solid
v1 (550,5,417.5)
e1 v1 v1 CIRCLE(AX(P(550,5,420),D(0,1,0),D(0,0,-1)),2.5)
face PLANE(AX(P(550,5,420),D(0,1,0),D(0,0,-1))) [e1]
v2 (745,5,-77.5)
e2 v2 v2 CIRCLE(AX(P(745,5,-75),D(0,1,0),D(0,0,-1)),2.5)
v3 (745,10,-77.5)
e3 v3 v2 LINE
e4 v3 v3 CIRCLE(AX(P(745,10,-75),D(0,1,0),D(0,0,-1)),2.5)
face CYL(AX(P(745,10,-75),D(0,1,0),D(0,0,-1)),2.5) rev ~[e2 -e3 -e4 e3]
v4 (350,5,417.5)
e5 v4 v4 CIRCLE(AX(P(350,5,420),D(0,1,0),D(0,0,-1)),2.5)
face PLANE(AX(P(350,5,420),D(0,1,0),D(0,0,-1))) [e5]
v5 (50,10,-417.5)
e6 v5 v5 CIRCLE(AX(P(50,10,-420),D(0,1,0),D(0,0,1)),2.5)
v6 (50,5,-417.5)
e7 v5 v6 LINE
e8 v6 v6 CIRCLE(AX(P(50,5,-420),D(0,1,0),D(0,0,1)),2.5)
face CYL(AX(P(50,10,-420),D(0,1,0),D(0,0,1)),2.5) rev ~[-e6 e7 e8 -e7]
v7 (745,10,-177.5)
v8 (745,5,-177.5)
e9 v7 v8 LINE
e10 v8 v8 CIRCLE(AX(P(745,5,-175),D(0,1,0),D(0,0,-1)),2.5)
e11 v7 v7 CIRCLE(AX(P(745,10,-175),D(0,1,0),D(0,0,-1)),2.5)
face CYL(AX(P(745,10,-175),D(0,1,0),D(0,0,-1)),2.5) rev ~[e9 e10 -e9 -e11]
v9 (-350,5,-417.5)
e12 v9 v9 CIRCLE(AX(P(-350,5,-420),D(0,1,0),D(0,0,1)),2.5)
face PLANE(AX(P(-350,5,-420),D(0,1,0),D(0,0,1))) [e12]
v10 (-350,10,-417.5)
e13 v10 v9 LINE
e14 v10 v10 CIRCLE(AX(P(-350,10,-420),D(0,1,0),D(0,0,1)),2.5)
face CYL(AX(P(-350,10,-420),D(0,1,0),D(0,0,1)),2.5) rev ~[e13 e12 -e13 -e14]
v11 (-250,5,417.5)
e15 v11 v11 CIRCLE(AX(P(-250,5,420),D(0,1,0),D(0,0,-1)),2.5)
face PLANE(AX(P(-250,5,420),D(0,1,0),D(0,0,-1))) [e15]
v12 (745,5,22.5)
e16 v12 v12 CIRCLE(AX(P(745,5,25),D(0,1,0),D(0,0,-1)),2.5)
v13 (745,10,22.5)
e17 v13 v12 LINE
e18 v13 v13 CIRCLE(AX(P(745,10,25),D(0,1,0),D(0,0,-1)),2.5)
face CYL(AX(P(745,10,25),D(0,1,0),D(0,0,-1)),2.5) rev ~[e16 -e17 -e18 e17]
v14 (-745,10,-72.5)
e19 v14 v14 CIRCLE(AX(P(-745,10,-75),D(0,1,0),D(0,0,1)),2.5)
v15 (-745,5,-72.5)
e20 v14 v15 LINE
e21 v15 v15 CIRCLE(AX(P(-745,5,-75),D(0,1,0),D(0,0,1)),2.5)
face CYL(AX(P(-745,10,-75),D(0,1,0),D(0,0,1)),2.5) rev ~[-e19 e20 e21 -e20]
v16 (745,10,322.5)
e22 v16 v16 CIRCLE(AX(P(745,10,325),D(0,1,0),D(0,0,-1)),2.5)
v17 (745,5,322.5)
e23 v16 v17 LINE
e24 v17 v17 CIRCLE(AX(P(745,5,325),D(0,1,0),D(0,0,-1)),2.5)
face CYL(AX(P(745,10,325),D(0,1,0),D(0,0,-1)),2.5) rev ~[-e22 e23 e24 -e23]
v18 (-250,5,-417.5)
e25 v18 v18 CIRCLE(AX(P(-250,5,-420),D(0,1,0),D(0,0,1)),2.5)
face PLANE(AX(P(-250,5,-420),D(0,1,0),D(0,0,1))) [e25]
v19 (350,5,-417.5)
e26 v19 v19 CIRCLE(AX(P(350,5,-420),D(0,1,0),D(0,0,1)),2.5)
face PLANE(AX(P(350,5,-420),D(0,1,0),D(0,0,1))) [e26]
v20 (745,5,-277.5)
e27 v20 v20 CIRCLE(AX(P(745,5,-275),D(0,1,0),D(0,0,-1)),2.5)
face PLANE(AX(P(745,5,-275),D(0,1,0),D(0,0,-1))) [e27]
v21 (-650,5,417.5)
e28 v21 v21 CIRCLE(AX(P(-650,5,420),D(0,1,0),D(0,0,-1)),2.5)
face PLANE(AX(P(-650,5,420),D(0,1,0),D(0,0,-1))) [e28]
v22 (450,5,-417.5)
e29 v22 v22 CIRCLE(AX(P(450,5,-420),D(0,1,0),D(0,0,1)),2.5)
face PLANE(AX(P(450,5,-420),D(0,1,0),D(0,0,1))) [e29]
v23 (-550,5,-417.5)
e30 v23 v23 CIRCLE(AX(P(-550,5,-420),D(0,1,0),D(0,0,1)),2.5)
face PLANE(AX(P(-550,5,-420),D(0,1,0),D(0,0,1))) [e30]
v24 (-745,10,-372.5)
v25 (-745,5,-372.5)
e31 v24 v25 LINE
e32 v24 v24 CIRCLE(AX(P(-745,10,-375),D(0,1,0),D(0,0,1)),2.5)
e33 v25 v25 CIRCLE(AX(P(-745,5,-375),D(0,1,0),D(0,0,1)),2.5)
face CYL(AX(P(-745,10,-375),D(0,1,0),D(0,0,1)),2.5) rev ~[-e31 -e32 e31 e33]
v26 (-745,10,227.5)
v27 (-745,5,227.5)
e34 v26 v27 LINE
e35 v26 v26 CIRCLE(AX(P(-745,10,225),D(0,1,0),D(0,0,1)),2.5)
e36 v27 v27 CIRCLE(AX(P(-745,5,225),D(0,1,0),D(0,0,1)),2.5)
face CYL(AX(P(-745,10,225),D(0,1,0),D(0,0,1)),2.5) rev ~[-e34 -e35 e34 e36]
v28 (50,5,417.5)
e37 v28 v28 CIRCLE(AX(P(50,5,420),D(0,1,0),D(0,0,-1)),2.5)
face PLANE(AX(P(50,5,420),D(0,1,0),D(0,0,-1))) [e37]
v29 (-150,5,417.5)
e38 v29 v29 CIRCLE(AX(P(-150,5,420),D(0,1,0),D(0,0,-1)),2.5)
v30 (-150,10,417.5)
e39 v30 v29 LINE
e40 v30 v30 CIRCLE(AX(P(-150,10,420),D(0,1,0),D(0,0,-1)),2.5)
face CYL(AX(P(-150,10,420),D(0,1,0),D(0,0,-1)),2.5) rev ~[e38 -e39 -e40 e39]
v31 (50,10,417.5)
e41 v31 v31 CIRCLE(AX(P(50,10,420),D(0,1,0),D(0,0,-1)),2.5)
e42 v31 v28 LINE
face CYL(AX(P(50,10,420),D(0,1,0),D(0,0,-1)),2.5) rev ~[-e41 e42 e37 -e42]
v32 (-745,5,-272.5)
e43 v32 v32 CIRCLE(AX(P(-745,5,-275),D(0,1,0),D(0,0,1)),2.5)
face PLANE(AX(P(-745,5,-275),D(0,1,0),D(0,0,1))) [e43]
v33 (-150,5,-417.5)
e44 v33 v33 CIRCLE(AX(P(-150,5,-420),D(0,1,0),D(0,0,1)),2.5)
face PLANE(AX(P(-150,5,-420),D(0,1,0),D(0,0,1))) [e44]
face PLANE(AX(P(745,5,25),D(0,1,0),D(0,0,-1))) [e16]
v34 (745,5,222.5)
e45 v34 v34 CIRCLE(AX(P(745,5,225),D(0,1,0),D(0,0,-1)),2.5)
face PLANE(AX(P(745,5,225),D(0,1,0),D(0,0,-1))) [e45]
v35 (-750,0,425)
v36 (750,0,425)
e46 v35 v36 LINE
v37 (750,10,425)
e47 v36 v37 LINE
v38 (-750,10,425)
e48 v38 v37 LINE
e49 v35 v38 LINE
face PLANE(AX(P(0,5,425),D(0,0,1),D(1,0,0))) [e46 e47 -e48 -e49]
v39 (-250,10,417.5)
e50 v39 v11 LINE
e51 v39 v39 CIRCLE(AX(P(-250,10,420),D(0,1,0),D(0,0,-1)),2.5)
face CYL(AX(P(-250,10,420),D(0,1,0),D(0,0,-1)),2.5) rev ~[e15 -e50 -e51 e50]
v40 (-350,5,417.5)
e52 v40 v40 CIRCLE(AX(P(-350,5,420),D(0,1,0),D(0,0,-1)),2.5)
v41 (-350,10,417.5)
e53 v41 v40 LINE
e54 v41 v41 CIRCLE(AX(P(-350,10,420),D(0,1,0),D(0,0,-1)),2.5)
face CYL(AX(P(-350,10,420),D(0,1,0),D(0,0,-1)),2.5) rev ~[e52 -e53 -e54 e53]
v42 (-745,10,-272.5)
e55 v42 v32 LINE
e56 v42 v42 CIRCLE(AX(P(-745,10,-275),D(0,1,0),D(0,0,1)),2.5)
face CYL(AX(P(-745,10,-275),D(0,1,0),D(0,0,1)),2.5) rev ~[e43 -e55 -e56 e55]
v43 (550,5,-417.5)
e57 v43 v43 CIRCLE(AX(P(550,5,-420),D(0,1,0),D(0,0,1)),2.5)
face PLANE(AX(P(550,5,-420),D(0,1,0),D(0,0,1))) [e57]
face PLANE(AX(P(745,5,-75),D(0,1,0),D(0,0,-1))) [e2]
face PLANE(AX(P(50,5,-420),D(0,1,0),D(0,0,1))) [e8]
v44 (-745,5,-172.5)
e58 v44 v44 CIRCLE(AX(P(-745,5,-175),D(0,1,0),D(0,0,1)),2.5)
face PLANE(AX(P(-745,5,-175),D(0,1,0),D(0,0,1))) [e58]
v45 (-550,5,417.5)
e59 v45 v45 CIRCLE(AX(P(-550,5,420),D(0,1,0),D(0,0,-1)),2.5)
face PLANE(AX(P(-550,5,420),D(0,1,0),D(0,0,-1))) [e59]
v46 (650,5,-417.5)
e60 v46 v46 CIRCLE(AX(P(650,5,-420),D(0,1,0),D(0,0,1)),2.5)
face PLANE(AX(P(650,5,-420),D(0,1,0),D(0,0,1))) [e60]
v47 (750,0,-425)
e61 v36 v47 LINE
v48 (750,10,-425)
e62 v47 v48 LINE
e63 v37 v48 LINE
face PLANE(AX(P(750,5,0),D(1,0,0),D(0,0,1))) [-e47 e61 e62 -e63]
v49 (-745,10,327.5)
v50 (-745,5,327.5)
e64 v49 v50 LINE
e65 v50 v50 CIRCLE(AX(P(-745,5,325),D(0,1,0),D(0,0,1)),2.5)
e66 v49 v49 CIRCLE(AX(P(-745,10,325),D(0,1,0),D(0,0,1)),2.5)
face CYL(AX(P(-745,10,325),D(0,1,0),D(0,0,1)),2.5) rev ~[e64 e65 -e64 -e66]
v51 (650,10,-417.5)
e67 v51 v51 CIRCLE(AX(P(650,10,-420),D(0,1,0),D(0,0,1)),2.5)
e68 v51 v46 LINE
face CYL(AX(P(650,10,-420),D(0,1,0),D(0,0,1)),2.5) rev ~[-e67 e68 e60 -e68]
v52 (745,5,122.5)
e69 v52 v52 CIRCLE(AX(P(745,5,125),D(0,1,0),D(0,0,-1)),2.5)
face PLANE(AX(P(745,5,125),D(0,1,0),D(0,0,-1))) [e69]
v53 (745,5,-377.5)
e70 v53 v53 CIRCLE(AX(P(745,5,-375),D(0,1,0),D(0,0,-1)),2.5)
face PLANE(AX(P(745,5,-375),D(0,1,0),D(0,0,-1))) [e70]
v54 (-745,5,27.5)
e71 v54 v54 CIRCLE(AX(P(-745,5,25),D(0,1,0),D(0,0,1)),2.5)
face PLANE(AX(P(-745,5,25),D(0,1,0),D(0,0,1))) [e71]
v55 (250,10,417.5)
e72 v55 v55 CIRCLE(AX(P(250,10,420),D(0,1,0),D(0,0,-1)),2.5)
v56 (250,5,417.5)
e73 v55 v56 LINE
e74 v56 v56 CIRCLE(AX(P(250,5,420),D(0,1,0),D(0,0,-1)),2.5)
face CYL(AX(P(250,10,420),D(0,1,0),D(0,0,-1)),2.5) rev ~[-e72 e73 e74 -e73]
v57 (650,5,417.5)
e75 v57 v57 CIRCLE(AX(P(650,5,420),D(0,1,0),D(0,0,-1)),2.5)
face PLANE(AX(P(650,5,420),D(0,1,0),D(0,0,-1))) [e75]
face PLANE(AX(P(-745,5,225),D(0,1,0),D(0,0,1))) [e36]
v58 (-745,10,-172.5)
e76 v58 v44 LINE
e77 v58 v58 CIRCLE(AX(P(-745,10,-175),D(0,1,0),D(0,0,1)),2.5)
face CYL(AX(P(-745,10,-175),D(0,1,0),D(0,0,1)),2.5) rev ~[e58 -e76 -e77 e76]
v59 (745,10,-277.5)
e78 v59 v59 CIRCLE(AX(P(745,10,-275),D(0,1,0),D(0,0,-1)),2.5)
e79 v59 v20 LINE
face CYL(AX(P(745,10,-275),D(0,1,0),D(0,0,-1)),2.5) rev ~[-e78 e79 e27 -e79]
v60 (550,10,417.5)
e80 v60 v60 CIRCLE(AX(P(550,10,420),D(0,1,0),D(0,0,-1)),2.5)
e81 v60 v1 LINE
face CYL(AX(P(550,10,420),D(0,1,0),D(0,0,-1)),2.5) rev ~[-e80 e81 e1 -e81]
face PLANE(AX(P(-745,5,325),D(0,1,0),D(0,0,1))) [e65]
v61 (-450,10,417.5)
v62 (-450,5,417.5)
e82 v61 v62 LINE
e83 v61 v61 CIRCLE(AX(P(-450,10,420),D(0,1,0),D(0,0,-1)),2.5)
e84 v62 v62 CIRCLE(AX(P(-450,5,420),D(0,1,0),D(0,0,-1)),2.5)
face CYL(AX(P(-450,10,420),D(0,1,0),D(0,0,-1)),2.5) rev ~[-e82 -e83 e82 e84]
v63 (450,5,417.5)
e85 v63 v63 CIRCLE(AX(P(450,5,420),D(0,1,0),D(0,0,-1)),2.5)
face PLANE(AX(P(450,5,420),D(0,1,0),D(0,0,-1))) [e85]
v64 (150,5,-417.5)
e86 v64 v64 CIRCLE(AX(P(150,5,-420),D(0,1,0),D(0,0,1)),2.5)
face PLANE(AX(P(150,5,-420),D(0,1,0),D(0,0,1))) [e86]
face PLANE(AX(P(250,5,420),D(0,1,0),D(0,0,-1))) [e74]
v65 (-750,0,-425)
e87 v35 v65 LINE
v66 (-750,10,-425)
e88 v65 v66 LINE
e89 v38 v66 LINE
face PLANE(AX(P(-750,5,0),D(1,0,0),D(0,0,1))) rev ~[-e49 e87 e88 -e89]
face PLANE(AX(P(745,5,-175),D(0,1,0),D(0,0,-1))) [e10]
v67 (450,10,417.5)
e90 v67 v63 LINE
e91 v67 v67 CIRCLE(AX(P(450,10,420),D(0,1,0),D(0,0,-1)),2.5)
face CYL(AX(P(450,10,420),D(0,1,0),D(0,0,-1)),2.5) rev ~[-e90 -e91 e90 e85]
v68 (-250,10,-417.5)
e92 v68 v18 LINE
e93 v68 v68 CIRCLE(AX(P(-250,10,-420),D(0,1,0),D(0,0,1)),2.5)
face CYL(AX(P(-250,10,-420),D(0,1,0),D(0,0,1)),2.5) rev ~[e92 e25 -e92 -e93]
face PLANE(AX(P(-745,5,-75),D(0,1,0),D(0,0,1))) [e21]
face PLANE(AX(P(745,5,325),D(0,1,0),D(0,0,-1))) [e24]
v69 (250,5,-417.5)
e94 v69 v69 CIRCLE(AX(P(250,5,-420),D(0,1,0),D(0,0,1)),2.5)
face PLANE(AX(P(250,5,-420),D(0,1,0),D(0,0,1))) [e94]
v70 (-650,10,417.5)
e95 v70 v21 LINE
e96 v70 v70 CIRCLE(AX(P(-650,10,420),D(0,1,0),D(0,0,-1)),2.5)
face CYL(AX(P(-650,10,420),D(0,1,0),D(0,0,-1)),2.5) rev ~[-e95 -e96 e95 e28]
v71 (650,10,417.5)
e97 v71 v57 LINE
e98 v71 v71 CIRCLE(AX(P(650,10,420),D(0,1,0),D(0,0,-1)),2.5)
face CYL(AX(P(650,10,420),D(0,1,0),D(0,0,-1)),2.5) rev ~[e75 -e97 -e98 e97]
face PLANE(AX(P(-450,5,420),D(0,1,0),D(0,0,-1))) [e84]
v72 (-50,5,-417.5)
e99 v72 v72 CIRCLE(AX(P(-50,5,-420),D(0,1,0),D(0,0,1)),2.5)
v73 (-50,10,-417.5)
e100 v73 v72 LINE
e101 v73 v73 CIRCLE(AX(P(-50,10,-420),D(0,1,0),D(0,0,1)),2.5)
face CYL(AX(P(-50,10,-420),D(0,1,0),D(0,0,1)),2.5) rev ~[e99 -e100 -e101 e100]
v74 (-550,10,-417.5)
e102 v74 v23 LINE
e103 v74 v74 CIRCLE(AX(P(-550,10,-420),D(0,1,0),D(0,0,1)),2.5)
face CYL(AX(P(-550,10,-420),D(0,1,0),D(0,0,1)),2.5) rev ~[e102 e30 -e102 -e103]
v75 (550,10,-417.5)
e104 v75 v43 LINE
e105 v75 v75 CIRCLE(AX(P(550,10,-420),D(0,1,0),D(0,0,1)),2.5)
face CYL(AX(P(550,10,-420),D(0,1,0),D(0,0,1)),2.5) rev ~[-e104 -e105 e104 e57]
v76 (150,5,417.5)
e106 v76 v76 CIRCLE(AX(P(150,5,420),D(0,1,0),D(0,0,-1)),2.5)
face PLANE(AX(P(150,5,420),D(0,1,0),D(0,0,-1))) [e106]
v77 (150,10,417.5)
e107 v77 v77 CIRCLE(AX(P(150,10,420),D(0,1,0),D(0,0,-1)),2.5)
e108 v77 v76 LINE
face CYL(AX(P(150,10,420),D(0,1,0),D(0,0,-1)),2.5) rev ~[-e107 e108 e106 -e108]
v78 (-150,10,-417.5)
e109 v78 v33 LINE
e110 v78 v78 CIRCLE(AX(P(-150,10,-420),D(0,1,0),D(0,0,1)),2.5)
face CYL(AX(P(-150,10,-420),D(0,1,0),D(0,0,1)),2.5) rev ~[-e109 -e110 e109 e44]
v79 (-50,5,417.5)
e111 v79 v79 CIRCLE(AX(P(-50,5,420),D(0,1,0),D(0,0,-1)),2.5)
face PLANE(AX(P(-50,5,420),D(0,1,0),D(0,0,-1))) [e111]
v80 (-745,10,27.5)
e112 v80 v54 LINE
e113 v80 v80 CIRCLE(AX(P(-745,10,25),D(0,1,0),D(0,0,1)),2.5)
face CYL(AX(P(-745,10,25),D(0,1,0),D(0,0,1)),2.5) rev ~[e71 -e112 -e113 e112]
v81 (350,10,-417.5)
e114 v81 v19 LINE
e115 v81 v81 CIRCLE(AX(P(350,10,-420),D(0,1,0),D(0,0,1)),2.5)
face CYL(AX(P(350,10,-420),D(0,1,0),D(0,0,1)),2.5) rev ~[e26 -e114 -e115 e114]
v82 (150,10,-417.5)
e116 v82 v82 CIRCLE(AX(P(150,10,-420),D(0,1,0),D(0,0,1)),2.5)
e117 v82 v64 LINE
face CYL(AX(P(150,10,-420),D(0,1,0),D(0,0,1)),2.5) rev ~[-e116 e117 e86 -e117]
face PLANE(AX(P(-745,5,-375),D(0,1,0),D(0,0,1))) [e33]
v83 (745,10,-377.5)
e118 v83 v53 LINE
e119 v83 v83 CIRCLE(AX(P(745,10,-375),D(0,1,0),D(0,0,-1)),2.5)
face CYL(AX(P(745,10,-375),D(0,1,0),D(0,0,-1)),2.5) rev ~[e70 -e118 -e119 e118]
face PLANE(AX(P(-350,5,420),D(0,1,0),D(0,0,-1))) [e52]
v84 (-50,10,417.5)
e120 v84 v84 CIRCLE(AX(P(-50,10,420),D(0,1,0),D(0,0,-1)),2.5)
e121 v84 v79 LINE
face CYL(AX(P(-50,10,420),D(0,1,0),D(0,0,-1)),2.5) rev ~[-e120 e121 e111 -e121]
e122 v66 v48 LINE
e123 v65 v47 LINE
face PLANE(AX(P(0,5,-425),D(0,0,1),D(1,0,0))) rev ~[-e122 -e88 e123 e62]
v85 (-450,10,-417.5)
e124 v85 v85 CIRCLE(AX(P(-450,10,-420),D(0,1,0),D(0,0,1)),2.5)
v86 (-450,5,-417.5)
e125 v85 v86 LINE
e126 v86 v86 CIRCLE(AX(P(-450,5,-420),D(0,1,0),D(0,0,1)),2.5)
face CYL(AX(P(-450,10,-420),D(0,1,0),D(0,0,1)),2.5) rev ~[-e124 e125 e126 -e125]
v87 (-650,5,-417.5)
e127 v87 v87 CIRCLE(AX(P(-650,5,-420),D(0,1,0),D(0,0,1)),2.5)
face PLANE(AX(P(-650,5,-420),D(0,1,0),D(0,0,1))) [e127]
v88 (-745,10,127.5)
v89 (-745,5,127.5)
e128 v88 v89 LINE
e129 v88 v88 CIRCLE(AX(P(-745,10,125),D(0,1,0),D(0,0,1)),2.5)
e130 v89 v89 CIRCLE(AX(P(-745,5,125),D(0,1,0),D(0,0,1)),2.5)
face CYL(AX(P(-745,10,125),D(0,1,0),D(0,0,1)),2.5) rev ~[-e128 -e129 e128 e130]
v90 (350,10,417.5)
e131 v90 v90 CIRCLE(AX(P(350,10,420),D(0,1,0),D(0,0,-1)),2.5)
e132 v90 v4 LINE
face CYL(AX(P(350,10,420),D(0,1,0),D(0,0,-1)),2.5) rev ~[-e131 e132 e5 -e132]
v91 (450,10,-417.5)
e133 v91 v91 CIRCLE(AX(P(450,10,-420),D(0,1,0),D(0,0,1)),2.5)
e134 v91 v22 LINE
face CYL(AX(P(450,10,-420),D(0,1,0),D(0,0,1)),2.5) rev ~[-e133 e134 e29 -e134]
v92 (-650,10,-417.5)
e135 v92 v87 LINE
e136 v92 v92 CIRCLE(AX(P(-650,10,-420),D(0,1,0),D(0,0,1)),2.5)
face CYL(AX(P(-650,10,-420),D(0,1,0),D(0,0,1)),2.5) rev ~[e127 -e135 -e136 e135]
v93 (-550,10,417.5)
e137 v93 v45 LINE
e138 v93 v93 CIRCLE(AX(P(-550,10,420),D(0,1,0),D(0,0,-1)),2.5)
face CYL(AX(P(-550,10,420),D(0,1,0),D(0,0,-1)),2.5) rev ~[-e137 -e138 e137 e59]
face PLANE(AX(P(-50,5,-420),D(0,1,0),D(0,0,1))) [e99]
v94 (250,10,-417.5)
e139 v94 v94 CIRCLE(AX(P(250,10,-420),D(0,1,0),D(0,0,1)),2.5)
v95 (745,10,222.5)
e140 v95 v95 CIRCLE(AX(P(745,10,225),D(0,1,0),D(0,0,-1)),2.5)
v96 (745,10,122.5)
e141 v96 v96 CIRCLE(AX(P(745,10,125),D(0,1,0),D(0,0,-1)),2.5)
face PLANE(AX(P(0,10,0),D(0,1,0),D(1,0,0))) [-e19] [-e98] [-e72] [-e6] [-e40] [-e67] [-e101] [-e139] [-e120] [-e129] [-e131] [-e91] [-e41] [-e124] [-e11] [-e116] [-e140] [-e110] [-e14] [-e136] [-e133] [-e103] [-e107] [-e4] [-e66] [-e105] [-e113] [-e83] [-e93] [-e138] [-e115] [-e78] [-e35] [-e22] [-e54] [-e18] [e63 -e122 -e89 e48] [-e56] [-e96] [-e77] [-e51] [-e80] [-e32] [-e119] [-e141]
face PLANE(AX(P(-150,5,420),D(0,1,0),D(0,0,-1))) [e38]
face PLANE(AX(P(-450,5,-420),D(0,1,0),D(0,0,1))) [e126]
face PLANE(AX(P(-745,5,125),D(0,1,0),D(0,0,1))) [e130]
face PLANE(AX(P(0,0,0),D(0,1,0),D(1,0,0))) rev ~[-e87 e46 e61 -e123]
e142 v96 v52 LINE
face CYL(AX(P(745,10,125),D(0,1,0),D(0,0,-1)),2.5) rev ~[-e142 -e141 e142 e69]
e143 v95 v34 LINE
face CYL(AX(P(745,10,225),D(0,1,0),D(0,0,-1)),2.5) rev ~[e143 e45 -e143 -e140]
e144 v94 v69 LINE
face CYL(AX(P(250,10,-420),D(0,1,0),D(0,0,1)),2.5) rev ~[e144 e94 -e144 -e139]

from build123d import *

# Parameters (mm, degrees)
CROQUIS1_W            = 1500
CROQUIS1_H            = 850
DAR_ESPESOR5_T1       = 10
CROQUIS8_R            = 2.5
CORTAR_EXTRUIR2_DEPTH = 5


with BuildPart() as body_1:
    # Croquis1 → Superficie-Plano4: a flat surface bounded by the sketch
    with BuildSketch(Plane(origin=(0, 0, 0), x_dir=(1, 0, 0), z_dir=(0, 1, 0)), mode=Mode.PRIVATE) as superficie_plano4_1_region:
        Rectangle(CROQUIS1_W, CROQUIS1_H)
    superficie_plano4_1 = superficie_plano4_1_region.sketch.faces()[0]
    add(Solid.thicken(superficie_plano4_1, DAR_ESPESOR5_T1))

    # Croquis8 → Cortar-Extruir2 (cut)
    with BuildSketch(Plane(origin=(0, 10, 0), x_dir=(1, 0, 0), z_dir=(0, 1, 0))):
        with Locations(Location((-650, 420, 0), (0, 0, 270))):
            Circle(CROQUIS8_R)
        with Locations(Location((-550, 420, 0), (0, 0, 270))):
            Circle(CROQUIS8_R)
        with Locations(Location((-450, 420, 0), (0, 0, 270))):
            Circle(CROQUIS8_R)
        with Locations(Location((-350, 420, 0), (0, 0, 270))):
            Circle(CROQUIS8_R)
        with Locations(Location((-250, 420, 0), (0, 0, 270))):
            Circle(CROQUIS8_R)
        with Locations(Location((-150, 420, 0), (0, 0, 270))):
            Circle(CROQUIS8_R)
        with Locations(Location((-50, 420, 0), (0, 0, 270))):
            Circle(CROQUIS8_R)
        with Locations(Location((50, 420, 0), (0, 0, 270))):
            Circle(CROQUIS8_R)
        with Locations(Location((150, 420, 0), (0, 0, 270))):
            Circle(CROQUIS8_R)
        with Locations(Location((250, 420, 0), (0, 0, 270))):
            Circle(CROQUIS8_R)
        with Locations(Location((350, 420, 0), (0, 0, 270))):
            Circle(CROQUIS8_R)
        with Locations(Location((450, 420, 0), (0, 0, 270))):
            Circle(CROQUIS8_R)
        with Locations(Location((550, 420, 0), (0, 0, 270))):
            Circle(CROQUIS8_R)
        with Locations(Location((650, 420, 0), (0, 0, 270))):
            Circle(CROQUIS8_R)
        with Locations(Location((650, -420, 0), (0, 0, 90))):
            Circle(CROQUIS8_R)
        with Locations(Location((550, -420, 0), (0, 0, 90))):
            Circle(CROQUIS8_R)
        with Locations(Location((450, -420, 0), (0, 0, 90))):
            Circle(CROQUIS8_R)
        with Locations(Location((350, -420, 0), (0, 0, 90))):
            Circle(CROQUIS8_R)
        with Locations(Location((250, -420, 0), (0, 0, 90))):
            Circle(CROQUIS8_R)
        with Locations(Location((150, -420, 0), (0, 0, 90))):
            Circle(CROQUIS8_R)
        with Locations(Location((50, -420, 0), (0, 0, 90))):
            Circle(CROQUIS8_R)
        with Locations(Location((-50, -420, 0), (0, 0, 90))):
            Circle(CROQUIS8_R)
        with Locations(Location((-150, -420, 0), (0, 0, 90))):
            Circle(CROQUIS8_R)
        with Locations(Location((-250, -420, 0), (0, 0, 90))):
            Circle(CROQUIS8_R)
        with Locations(Location((-350, -420, 0), (0, 0, 90))):
            Circle(CROQUIS8_R)
        with Locations(Location((-450, -420, 0), (0, 0, 90))):
            Circle(CROQUIS8_R)
        with Locations(Location((-550, -420, 0), (0, 0, 90))):
            Circle(CROQUIS8_R)
        with Locations(Location((-650, -420, 0), (0, 0, 90))):
            Circle(CROQUIS8_R)
        with Locations(Location((-745, -325, 0), (0, 0, 270))):
            Circle(CROQUIS8_R)
        with Locations(Location((-745, -225, 0), (0, 0, 270))):
            Circle(CROQUIS8_R)
        with Locations(Location((-745, -125, 0), (0, 0, 270))):
            Circle(CROQUIS8_R)
        with Locations(Location((-745, -25, 0), (0, 0, 270))):
            Circle(CROQUIS8_R)
        with Locations(Location((-745, 75, 0), (0, 0, 270))):
            Circle(CROQUIS8_R)
        with Locations(Location((-745, 175, 0), (0, 0, 270))):
            Circle(CROQUIS8_R)
        with Locations(Location((-745, 275, 0), (0, 0, 270))):
            Circle(CROQUIS8_R)
        with Locations(Location((-745, 375, 0), (0, 0, 270))):
            Circle(CROQUIS8_R)
        with Locations(Location((745, -325, 0), (0, 0, 90))):
            Circle(CROQUIS8_R)
        with Locations(Location((745, -225, 0), (0, 0, 90))):
            Circle(CROQUIS8_R)
        with Locations(Location((745, -125, 0), (0, 0, 90))):
            Circle(CROQUIS8_R)
        with Locations(Location((745, -25, 0), (0, 0, 90))):
            Circle(CROQUIS8_R)
        with Locations(Location((745, 75, 0), (0, 0, 90))):
            Circle(CROQUIS8_R)
        with Locations(Location((745, 175, 0), (0, 0, 90))):
            Circle(CROQUIS8_R)
        with Locations(Location((745, 275, 0), (0, 0, 90))):
            Circle(CROQUIS8_R)
        with Locations(Location((745, 375, 0), (0, 0, 90))):
            Circle(CROQUIS8_R)
    extrude(amount=-CORTAR_EXTRUIR2_DEPTH, mode=Mode.SUBTRACT)


solid = body_1.part
